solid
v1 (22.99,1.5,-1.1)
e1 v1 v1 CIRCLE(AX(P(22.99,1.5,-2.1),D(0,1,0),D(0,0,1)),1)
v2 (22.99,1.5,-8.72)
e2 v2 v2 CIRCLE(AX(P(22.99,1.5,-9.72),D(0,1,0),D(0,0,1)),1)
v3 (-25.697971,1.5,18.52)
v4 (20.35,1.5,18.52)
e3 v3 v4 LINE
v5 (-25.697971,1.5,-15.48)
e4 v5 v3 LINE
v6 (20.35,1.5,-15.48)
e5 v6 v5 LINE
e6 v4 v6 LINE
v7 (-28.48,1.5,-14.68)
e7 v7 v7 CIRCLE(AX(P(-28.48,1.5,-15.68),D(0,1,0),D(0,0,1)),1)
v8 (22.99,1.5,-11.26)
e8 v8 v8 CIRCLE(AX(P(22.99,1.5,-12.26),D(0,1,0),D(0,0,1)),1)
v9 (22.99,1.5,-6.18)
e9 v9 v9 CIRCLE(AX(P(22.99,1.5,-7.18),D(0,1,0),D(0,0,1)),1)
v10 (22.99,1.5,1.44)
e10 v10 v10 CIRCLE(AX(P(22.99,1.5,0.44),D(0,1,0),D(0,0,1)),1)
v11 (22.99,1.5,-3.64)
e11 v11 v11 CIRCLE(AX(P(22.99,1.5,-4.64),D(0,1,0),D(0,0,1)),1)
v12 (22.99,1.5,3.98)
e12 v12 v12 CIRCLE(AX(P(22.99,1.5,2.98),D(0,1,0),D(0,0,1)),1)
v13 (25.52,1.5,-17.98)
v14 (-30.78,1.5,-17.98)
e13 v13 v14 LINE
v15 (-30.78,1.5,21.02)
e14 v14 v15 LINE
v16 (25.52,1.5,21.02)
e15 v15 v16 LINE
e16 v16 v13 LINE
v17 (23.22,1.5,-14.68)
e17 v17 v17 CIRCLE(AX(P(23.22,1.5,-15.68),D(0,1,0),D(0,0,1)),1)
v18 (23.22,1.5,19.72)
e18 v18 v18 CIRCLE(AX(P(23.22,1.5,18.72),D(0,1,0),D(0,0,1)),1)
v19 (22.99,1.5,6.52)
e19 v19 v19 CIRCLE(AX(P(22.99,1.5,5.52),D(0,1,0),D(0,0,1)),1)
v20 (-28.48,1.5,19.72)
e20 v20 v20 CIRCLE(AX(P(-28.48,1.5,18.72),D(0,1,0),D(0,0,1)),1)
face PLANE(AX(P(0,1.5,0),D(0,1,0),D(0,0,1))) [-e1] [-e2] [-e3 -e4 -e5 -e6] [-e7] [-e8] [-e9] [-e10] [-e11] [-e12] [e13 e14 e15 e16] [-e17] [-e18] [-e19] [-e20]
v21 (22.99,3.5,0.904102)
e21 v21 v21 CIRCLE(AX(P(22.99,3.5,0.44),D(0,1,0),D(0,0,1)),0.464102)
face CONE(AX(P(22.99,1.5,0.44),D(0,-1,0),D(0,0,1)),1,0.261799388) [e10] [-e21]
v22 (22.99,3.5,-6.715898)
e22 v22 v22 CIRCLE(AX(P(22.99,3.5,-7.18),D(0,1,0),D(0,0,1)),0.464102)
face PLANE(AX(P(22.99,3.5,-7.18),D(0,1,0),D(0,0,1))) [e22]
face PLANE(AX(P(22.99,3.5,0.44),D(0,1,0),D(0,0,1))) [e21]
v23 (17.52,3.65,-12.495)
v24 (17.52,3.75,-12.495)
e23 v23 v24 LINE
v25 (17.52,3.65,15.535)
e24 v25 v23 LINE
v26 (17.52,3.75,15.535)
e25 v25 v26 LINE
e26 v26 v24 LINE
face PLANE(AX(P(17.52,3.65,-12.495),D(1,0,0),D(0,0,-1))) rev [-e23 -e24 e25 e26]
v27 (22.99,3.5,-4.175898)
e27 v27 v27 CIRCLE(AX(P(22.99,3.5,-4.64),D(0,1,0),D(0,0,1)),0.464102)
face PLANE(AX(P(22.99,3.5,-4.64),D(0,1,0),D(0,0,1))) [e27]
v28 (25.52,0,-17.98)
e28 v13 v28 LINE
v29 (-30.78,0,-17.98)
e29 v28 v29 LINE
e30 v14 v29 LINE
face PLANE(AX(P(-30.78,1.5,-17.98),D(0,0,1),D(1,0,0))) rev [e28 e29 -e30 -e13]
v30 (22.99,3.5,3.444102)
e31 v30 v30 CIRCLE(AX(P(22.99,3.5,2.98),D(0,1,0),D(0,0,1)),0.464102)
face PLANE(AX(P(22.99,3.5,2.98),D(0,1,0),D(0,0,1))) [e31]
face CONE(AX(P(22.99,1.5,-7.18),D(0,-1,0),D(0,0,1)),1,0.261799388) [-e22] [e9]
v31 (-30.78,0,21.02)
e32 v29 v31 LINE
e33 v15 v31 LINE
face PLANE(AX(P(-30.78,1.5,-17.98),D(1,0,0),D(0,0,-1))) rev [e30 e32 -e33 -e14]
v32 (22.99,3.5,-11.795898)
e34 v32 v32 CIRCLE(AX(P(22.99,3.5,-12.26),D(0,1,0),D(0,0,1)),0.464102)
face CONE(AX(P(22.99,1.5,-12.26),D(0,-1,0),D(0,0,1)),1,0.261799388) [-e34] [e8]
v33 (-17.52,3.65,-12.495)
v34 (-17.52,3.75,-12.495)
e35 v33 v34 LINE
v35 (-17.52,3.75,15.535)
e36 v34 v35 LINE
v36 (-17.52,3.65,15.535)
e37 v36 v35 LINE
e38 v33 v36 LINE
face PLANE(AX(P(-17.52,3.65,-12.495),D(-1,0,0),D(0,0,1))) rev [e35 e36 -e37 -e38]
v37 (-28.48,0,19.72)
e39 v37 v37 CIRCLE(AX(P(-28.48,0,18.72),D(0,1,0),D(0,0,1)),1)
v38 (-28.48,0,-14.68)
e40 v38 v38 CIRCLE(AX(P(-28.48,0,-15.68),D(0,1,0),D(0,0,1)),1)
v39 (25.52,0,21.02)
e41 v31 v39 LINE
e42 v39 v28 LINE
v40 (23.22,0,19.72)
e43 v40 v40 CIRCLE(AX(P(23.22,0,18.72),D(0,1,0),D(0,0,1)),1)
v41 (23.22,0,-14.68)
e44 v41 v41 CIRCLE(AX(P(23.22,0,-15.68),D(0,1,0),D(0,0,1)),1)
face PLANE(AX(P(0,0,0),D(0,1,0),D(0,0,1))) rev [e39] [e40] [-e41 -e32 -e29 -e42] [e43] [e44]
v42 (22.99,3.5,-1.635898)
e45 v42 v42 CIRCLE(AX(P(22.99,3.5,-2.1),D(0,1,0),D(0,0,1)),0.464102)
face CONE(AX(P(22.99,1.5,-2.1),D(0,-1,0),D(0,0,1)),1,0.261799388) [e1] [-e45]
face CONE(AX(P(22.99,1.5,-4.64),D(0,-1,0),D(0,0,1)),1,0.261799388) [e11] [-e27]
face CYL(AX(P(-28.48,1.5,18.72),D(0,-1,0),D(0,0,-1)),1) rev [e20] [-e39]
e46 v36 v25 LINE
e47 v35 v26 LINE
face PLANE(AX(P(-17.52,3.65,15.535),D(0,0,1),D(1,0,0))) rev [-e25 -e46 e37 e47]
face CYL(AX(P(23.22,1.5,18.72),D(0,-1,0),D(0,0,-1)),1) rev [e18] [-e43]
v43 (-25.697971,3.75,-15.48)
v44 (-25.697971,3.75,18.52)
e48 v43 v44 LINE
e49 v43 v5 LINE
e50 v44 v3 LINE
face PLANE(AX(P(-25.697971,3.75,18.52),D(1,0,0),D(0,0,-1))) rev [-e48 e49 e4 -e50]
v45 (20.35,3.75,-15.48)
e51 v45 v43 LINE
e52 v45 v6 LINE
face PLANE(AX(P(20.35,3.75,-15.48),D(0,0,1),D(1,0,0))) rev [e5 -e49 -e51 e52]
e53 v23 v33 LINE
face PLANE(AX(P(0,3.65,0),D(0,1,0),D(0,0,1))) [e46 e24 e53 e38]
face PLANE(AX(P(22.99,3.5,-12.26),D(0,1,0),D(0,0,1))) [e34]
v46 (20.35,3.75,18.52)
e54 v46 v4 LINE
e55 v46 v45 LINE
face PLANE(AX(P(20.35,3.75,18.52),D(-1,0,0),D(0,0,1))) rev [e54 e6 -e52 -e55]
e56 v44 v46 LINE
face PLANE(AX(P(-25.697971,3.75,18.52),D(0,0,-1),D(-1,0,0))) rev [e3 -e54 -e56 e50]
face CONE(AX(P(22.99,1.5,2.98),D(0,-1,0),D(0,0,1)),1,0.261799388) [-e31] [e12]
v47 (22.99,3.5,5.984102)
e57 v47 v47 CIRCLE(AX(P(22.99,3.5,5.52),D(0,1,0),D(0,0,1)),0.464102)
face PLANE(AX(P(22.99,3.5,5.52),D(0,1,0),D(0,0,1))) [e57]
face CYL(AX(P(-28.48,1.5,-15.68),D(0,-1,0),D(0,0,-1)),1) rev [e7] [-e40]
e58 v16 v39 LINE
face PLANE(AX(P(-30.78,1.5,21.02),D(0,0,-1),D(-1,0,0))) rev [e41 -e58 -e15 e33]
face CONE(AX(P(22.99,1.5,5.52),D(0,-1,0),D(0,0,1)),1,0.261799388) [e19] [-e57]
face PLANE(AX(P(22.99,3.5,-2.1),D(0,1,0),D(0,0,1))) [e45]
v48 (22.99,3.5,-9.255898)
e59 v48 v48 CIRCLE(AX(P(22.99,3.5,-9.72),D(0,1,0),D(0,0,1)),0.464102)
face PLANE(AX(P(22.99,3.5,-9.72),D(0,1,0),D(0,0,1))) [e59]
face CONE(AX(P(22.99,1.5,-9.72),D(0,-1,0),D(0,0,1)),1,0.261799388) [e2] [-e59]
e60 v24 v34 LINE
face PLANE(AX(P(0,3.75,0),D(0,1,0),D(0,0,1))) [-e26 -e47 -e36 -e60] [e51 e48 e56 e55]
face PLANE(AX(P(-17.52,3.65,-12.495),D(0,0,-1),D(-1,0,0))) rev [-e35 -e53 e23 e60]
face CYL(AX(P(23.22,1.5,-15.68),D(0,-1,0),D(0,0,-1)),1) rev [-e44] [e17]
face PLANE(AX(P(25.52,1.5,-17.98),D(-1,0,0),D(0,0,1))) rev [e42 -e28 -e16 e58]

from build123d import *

# Parameters (mm, degrees)
SKETCH_1_W                = 56.3
SKETCH_1_H                = 39
SKETCH_1_R                = 1
EXTRUDE_1_DEPTH           = 1.5
SKETCH_2_W                = 46.047970844
SKETCH_2_H                = 34
EXTRUDE_2_DEPTH           = 2.25
SKETCH_3_W                = 35.04
SKETCH_3_H                = 28.03
CUT_EXTRUDE_1_DEPTH       = 0.1
SKETCH_5_R                = 1
EXTRUDE_4_DEPTH           = 2
EXTRUDE_4_DRAFT           = 15
EXTRUDE_4_PROFILE_2_DEPTH = 2
EXTRUDE_4_PROFILE_2_DRAFT = 15
EXTRUDE_4_PROFILE_3_DEPTH = 2
EXTRUDE_4_PROFILE_3_DRAFT = 15
EXTRUDE_4_PROFILE_4_DEPTH = 2
EXTRUDE_4_PROFILE_4_DRAFT = 15
EXTRUDE_4_PROFILE_5_DEPTH = 2
EXTRUDE_4_PROFILE_5_DRAFT = 15
EXTRUDE_4_PROFILE_6_DEPTH = 2
EXTRUDE_4_PROFILE_6_DRAFT = 15
EXTRUDE_4_PROFILE_7_DEPTH = 2
EXTRUDE_4_PROFILE_7_DRAFT = 15
EXTRUDE_4_PROFILE_8_DEPTH = 2
EXTRUDE_4_PROFILE_8_DRAFT = 15


with BuildPart() as part:
    # Эскиз1 → Бобышка-Вытянуть1 (new body)
    with BuildSketch(Plane(origin=(0, 0, 0), x_dir=(1, 0, 0), z_dir=(0, 1, 0))):
        with Locations((-2.63, -1.52)):
            Rectangle(SKETCH_1_W, SKETCH_1_H)
        with Locations(Location((-28.48, 15.68, 0), (0, 0, 270))):
            Circle(SKETCH_1_R, mode=Mode.SUBTRACT)
        with Locations(Location((23.22, 15.68, 0), (0, 0, 270))):
            Circle(SKETCH_1_R, mode=Mode.SUBTRACT)
        with Locations(Location((-28.48, -18.72, 0), (0, 0, 270))):
            Circle(SKETCH_1_R, mode=Mode.SUBTRACT)
        with Locations(Location((23.22, -18.72, 0), (0, 0, 270))):
            Circle(SKETCH_1_R, mode=Mode.SUBTRACT)
    extrude(amount=EXTRUDE_1_DEPTH)

    # Эскиз2 → Бобышка-Вытянуть2 (add)
    with BuildSketch(Plane(origin=(0, 1.5, 0), x_dir=(1, 0, 0), z_dir=(0, 1, 0))):
        with Locations((-2.673985422, -1.52)):
            Rectangle(SKETCH_2_W, SKETCH_2_H)
    extrude(amount=EXTRUDE_2_DEPTH)

    # Эскиз3 → Вырез-Вытянуть1 (cut)
    with BuildSketch(Plane(origin=(0, 3.75, 0), x_dir=(1, 0, 0), z_dir=(0, 1, 0))):
        with Locations((0, -1.52)):
            Rectangle(SKETCH_3_W, SKETCH_3_H)
    extrude(amount=-CUT_EXTRUDE_1_DEPTH, mode=Mode.SUBTRACT)


with BuildPart() as extrude_4_tool:
    # Эскиз5 → Бобышка-Вытянуть4 (with draft: the straight prism first)
    with BuildSketch(Plane(origin=(0, 1.5, 0), x_dir=(1, 0, 0), z_dir=(0, 1, 0))):
        with Locations((22.99, 12.26)):
            Circle(SKETCH_5_R)
    extrude(amount=EXTRUDE_4_DEPTH)
    # Бобышка-Вытянуть4: the draft: its side faces are tilted about the plane it starts from
    extrude_4_sides = [extrude_4_tool.faces().sort_by_distance(p)[0] for p in [
        (21.99, 2.5, -12.26),
    ]]
    draft(extrude_4_sides, Plane(origin=(0, 1.5, 0), x_dir=(1, 0, 0), z_dir=(0, 1, 0)), EXTRUDE_4_DRAFT)


with BuildPart() as part_1:
    add(part.part)

    # Бобышка-Вытянуть4: add extrude_4_tool
    add(extrude_4_tool.part)


with BuildPart() as extrude_4_profile_2_tool:
    # Эскиз5 → Бобышка-Вытянуть4 profile 2 (with draft: the straight prism first)
    with BuildSketch(Plane(origin=(0, 1.5, 0), x_dir=(1, 0, 0), z_dir=(0, 1, 0))):
        with Locations((22.99, 9.72)):
            Circle(SKETCH_5_R)
    extrude(amount=EXTRUDE_4_PROFILE_2_DEPTH)
    # Бобышка-Вытянуть4 profile 2: the draft: its side faces are tilted about the plane it starts from
    extrude_4_profile_2_sides = [extrude_4_profile_2_tool.faces().sort_by_distance(p)[0] for p in [
        (21.99, 2.5, -9.72),
    ]]
    draft(extrude_4_profile_2_sides, Plane(origin=(0, 1.5, 0), x_dir=(1, 0, 0), z_dir=(0, 1, 0)), EXTRUDE_4_PROFILE_2_DRAFT)


with BuildPart() as part_2:
    add(part_1.part)

    # Бобышка-Вытянуть4 profile 2: add extrude_4_profile_2_tool
    add(extrude_4_profile_2_tool.part)


with BuildPart() as extrude_4_profile_3_tool:
    # Эскиз5 → Бобышка-Вытянуть4 profile 3 (with draft: the straight prism first)
    with BuildSketch(Plane(origin=(0, 1.5, 0), x_dir=(1, 0, 0), z_dir=(0, 1, 0))):
        with Locations((22.99, 7.18)):
            Circle(SKETCH_5_R)
    extrude(amount=EXTRUDE_4_PROFILE_3_DEPTH)
    # Бобышка-Вытянуть4 profile 3: the draft: its side faces are tilted about the plane it starts from
    extrude_4_profile_3_sides = [extrude_4_profile_3_tool.faces().sort_by_distance(p)[0] for p in [
        (21.99, 2.5, -7.18),
    ]]
    draft(extrude_4_profile_3_sides, Plane(origin=(0, 1.5, 0), x_dir=(1, 0, 0), z_dir=(0, 1, 0)), EXTRUDE_4_PROFILE_3_DRAFT)


with BuildPart() as part_3:
    add(part_2.part)

    # Бобышка-Вытянуть4 profile 3: add extrude_4_profile_3_tool
    add(extrude_4_profile_3_tool.part)


with BuildPart() as extrude_4_profile_4_tool:
    # Эскиз5 → Бобышка-Вытянуть4 profile 4 (with draft: the straight prism first)
    with BuildSketch(Plane(origin=(0, 1.5, 0), x_dir=(1, 0, 0), z_dir=(0, 1, 0))):
        with Locations((22.99, 4.64)):
            Circle(SKETCH_5_R)
    extrude(amount=EXTRUDE_4_PROFILE_4_DEPTH)
    # Бобышка-Вытянуть4 profile 4: the draft: its side faces are tilted about the plane it starts from
    extrude_4_profile_4_sides = [extrude_4_profile_4_tool.faces().sort_by_distance(p)[0] for p in [
        (21.99, 2.5, -4.64),
    ]]
    draft(extrude_4_profile_4_sides, Plane(origin=(0, 1.5, 0), x_dir=(1, 0, 0), z_dir=(0, 1, 0)), EXTRUDE_4_PROFILE_4_DRAFT)


with BuildPart() as part_4:
    add(part_3.part)

    # Бобышка-Вытянуть4 profile 4: add extrude_4_profile_4_tool
    add(extrude_4_profile_4_tool.part)


with BuildPart() as extrude_4_profile_5_tool:
    # Эскиз5 → Бобышка-Вытянуть4 profile 5 (with draft: the straight prism first)
    with BuildSketch(Plane(origin=(0, 1.5, 0), x_dir=(1, 0, 0), z_dir=(0, 1, 0))):
        with Locations((22.99, 2.1)):
            Circle(SKETCH_5_R)
    extrude(amount=EXTRUDE_4_PROFILE_5_DEPTH)
    # Бобышка-Вытянуть4 profile 5: the draft: its side faces are tilted about the plane it starts from
    extrude_4_profile_5_sides = [extrude_4_profile_5_tool.faces().sort_by_distance(p)[0] for p in [
        (21.99, 2.5, -2.1),
    ]]
    draft(extrude_4_profile_5_sides, Plane(origin=(0, 1.5, 0), x_dir=(1, 0, 0), z_dir=(0, 1, 0)), EXTRUDE_4_PROFILE_5_DRAFT)


with BuildPart() as part_5:
    add(part_4.part)

    # Бобышка-Вытянуть4 profile 5: add extrude_4_profile_5_tool
    add(extrude_4_profile_5_tool.part)


with BuildPart() as extrude_4_profile_6_tool:
    # Эскиз5 → Бобышка-Вытянуть4 profile 6 (with draft: the straight prism first)
    with BuildSketch(Plane(origin=(0, 1.5, 0), x_dir=(1, 0, 0), z_dir=(0, 1, 0))):
        with Locations((22.99, -0.44)):
            Circle(SKETCH_5_R)
    extrude(amount=EXTRUDE_4_PROFILE_6_DEPTH)
    # Бобышка-Вытянуть4 profile 6: the draft: its side faces are tilted about the plane it starts from
    extrude_4_profile_6_sides = [extrude_4_profile_6_tool.faces().sort_by_distance(p)[0] for p in [
        (21.99, 2.5, 0.44),
    ]]
    draft(extrude_4_profile_6_sides, Plane(origin=(0, 1.5, 0), x_dir=(1, 0, 0), z_dir=(0, 1, 0)), EXTRUDE_4_PROFILE_6_DRAFT)


with BuildPart() as part_6:
    add(part_5.part)

    # Бобышка-Вытянуть4 profile 6: add extrude_4_profile_6_tool
    add(extrude_4_profile_6_tool.part)


with BuildPart() as extrude_4_profile_7_tool:
    # Эскиз5 → Бобышка-Вытянуть4 profile 7 (with draft: the straight prism first)
    with BuildSketch(Plane(origin=(0, 1.5, 0), x_dir=(1, 0, 0), z_dir=(0, 1, 0))):
        with Locations((22.99, -2.98)):
            Circle(SKETCH_5_R)
    extrude(amount=EXTRUDE_4_PROFILE_7_DEPTH)
    # Бобышка-Вытянуть4 profile 7: the draft: its side faces are tilted about the plane it starts from
    extrude_4_profile_7_sides = [extrude_4_profile_7_tool.faces().sort_by_distance(p)[0] for p in [
        (21.99, 2.5, 2.98),
    ]]
    draft(extrude_4_profile_7_sides, Plane(origin=(0, 1.5, 0), x_dir=(1, 0, 0), z_dir=(0, 1, 0)), EXTRUDE_4_PROFILE_7_DRAFT)


with BuildPart() as part_7:
    add(part_6.part)

    # Бобышка-Вытянуть4 profile 7: add extrude_4_profile_7_tool
    add(extrude_4_profile_7_tool.part)


with BuildPart() as extrude_4_profile_8_tool:
    # Эскиз5 → Бобышка-Вытянуть4 profile 8 (with draft: the straight prism first)
    with BuildSketch(Plane(origin=(0, 1.5, 0), x_dir=(1, 0, 0), z_dir=(0, 1, 0))):
        with Locations((22.99, -5.52)):
            Circle(SKETCH_5_R)
    extrude(amount=EXTRUDE_4_PROFILE_8_DEPTH)
    # Бобышка-Вытянуть4 profile 8: the draft: its side faces are tilted about the plane it starts from
    extrude_4_profile_8_sides = [extrude_4_profile_8_tool.faces().sort_by_distance(p)[0] for p in [
        (21.99, 2.5, 5.52),
    ]]
    draft(extrude_4_profile_8_sides, Plane(origin=(0, 1.5, 0), x_dir=(1, 0, 0), z_dir=(0, 1, 0)), EXTRUDE_4_PROFILE_8_DRAFT)


with BuildPart() as part_8:
    add(part_7.part)

    # Бобышка-Вытянуть4 profile 8: add extrude_4_profile_8_tool
    add(extrude_4_profile_8_tool.part)


solid = part_8.part
